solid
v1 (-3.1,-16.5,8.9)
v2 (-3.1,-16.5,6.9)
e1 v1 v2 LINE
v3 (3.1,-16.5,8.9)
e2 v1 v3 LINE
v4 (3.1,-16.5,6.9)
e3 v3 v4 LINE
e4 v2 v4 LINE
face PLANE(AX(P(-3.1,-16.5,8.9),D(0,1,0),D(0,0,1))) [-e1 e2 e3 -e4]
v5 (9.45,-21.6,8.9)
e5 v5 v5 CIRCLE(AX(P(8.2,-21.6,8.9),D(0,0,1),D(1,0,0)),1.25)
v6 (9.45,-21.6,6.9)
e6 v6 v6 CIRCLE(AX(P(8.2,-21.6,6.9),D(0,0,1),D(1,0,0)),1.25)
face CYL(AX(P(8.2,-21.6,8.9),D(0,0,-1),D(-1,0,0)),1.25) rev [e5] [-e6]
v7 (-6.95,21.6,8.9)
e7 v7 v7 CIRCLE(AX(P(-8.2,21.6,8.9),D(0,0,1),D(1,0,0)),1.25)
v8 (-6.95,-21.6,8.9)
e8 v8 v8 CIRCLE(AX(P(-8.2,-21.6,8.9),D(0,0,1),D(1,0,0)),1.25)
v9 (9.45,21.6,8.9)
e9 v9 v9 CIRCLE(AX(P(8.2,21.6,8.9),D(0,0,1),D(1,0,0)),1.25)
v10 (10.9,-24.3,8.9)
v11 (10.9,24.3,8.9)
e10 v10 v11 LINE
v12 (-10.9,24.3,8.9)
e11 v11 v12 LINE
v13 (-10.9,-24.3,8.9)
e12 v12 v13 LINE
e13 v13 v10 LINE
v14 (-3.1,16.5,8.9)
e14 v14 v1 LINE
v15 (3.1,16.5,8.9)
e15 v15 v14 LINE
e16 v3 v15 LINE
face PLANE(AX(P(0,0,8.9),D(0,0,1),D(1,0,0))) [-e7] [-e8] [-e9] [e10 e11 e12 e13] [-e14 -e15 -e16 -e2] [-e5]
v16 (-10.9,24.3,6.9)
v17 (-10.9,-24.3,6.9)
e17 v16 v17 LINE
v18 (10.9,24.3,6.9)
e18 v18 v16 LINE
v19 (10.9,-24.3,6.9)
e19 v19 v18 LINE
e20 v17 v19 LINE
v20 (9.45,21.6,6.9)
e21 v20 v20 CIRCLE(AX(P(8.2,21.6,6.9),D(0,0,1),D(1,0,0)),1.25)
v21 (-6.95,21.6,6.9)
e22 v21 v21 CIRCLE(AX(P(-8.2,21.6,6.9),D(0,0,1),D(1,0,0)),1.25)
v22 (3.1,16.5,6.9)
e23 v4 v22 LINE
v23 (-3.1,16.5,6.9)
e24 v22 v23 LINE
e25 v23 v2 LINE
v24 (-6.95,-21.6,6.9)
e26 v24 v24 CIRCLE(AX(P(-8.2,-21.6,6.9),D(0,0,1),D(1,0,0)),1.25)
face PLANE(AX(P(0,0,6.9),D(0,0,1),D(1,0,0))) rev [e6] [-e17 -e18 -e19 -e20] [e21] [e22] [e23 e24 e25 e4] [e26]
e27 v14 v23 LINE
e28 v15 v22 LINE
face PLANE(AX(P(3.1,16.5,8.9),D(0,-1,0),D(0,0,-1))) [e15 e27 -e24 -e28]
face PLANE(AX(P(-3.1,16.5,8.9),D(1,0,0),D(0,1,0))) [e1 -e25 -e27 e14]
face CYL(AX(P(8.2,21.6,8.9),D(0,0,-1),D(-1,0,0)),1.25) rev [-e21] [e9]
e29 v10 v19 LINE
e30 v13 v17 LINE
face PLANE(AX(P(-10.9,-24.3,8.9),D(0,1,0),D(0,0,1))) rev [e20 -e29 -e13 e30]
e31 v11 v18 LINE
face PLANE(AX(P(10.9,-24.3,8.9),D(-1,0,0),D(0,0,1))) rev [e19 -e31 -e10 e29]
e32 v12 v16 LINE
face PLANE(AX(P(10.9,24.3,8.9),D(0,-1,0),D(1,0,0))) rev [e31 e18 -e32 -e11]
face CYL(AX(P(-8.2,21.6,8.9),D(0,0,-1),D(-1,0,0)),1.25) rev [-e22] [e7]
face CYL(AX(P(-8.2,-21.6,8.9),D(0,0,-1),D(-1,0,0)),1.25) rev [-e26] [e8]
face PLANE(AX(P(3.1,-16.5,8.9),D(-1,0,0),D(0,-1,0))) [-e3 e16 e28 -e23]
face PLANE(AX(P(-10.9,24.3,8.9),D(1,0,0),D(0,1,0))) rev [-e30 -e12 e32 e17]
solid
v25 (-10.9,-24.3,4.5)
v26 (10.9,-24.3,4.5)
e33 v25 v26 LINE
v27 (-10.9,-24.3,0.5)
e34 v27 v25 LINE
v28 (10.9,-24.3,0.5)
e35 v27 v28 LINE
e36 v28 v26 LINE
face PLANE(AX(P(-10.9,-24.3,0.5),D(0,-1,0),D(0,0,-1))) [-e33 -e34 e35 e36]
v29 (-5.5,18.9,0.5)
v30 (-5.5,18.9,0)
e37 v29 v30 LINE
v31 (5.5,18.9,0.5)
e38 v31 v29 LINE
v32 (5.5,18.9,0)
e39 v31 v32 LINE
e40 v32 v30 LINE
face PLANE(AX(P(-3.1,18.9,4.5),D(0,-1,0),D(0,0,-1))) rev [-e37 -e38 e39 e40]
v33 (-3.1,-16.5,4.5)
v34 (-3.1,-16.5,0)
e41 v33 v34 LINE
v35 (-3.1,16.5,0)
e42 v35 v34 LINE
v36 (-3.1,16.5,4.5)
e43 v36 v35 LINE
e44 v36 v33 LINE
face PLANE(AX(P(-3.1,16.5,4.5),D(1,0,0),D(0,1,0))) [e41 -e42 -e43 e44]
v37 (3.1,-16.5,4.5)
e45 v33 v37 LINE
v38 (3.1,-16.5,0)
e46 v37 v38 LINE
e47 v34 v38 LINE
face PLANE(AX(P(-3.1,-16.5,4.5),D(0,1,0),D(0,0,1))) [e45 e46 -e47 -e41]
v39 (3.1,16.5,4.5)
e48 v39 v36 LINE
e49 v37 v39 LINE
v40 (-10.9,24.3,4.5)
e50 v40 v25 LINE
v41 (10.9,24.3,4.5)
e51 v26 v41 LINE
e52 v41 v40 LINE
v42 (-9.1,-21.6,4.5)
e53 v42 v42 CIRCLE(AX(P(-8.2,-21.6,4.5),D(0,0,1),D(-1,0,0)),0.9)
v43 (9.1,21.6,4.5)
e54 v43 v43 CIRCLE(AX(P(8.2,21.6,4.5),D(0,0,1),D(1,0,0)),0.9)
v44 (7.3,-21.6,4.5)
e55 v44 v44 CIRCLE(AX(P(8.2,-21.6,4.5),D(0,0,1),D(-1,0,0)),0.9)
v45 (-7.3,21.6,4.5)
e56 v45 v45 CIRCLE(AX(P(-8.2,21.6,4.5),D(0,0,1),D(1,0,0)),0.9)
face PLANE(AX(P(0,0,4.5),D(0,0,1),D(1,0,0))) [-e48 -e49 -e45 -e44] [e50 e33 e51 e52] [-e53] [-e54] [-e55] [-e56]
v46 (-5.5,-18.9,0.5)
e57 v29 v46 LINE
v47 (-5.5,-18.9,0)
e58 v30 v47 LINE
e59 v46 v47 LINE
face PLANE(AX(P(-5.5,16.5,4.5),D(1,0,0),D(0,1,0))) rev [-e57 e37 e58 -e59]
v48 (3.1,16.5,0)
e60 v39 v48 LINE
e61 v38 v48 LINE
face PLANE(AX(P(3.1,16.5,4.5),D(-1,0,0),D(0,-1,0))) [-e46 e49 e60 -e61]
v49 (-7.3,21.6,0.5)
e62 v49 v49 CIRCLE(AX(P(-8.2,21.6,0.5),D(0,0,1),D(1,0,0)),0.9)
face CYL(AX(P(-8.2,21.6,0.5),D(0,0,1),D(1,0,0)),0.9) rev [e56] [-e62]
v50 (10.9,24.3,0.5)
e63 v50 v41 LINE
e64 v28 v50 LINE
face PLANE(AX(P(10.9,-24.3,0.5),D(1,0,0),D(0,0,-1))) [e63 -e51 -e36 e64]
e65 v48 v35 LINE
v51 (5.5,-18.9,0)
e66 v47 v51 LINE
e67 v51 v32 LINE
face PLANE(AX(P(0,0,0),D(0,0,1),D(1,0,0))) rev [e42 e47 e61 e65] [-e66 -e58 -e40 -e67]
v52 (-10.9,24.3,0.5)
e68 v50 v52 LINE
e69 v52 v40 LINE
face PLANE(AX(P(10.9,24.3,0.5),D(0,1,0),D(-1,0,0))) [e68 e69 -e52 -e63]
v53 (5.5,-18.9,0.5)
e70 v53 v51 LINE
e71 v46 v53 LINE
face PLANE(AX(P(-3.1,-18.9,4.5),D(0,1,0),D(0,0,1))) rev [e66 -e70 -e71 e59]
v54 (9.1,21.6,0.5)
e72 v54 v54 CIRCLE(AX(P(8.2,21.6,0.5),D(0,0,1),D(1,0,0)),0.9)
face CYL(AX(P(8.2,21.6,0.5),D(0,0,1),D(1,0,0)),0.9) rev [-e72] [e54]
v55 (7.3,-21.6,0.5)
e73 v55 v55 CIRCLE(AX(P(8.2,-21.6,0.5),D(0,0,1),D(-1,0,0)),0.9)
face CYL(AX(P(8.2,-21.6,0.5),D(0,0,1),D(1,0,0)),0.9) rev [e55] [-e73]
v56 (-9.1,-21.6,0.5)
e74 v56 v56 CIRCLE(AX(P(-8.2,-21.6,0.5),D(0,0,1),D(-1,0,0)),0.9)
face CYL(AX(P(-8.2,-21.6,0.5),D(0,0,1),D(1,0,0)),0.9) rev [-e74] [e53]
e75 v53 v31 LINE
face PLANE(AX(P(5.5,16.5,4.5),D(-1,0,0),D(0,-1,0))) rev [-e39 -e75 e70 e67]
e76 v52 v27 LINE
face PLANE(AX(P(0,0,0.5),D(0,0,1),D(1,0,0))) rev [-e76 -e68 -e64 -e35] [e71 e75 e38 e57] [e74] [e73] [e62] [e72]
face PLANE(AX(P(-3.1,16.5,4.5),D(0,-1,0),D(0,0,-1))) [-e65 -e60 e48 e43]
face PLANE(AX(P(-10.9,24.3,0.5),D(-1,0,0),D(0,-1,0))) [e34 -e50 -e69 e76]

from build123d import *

# Parameters (mm, degrees)
SKETCH1_W           = 6.2
SKETCH1_H           = 33
BOSS_EXTRUDE1_DEPTH = 4.5
SHELL1_T            = 2.4
SKETCH2_W           = 21.8
SKETCH2_H           = 48.6
SKETCH2_R           = 0.9
SKETCH2_W_2         = 11
SKETCH2_H_2         = 37.8
BOSS_EXTRUDE2_DEPTH = 4
BOSS_EXTRUDE3_START = 2.4
SKETCH3_W           = 21.8
SKETCH3_H           = 48.6
SKETCH3_R           = 1.25
SKETCH3_W_2         = 6.2
SKETCH3_H_2         = 33
BOSS_EXTRUDE3_DEPTH = 2


with BuildPart() as part:
    # Sketch1 → Boss-Extrude1 (new body)
    with BuildSketch(Plane.XY):
        Rectangle(SKETCH1_W, SKETCH1_H)
    extrude(amount=BOSS_EXTRUDE1_DEPTH)

    # Shell1
    shell1_openings = [part.faces().sort_by_distance(p)[0] for p in [
        (0, 0, 0),
        (0, 0, 4.5),
    ]]
    offset(amount=SHELL1_T, openings=shell1_openings, kind=Kind.INTERSECTION)

    # Sketch2 → Boss-Extrude2 (add)
    with BuildSketch(Plane.XY.offset(4.5)):
        Rectangle(SKETCH2_W, SKETCH2_H)
        with Locations((-8.2, 21.6)):
            Circle(SKETCH2_R, mode=Mode.SUBTRACT)
        with Locations((8.2, 21.6)):
            Circle(SKETCH2_R, mode=Mode.SUBTRACT)
        with Locations(Location((8.2, -21.6, 0), (0, 0, 180))):
            Circle(SKETCH2_R, mode=Mode.SUBTRACT)
        with Locations(Location((-8.2, -21.6, 0), (0, 0, 180))):
            Circle(SKETCH2_R, mode=Mode.SUBTRACT)
        Rectangle(SKETCH2_W_2, SKETCH2_H_2, mode=Mode.SUBTRACT)
    extrude(amount=-BOSS_EXTRUDE2_DEPTH)


with BuildPart() as body_2:
    # Sketch3 → Boss-Extrude3 (new body)
    with BuildSketch(Plane.XY.offset(4.5).offset(BOSS_EXTRUDE3_START)):
        Rectangle(SKETCH3_W, SKETCH3_H)
        with Locations((-8.2, 21.6)):
            Circle(SKETCH3_R, mode=Mode.SUBTRACT)
        with Locations((8.2, 21.6)):
            Circle(SKETCH3_R, mode=Mode.SUBTRACT)
        with Locations((-8.2, -21.6)):
            Circle(SKETCH3_R, mode=Mode.SUBTRACT)
        with Locations((8.2, -21.6)):
            Circle(SKETCH3_R, mode=Mode.SUBTRACT)
        Rectangle(SKETCH3_W_2, SKETCH3_H_2, mode=Mode.SUBTRACT)
    extrude(amount=BOSS_EXTRUDE3_DEPTH)


solid = Compound([part.part, body_2.part])
